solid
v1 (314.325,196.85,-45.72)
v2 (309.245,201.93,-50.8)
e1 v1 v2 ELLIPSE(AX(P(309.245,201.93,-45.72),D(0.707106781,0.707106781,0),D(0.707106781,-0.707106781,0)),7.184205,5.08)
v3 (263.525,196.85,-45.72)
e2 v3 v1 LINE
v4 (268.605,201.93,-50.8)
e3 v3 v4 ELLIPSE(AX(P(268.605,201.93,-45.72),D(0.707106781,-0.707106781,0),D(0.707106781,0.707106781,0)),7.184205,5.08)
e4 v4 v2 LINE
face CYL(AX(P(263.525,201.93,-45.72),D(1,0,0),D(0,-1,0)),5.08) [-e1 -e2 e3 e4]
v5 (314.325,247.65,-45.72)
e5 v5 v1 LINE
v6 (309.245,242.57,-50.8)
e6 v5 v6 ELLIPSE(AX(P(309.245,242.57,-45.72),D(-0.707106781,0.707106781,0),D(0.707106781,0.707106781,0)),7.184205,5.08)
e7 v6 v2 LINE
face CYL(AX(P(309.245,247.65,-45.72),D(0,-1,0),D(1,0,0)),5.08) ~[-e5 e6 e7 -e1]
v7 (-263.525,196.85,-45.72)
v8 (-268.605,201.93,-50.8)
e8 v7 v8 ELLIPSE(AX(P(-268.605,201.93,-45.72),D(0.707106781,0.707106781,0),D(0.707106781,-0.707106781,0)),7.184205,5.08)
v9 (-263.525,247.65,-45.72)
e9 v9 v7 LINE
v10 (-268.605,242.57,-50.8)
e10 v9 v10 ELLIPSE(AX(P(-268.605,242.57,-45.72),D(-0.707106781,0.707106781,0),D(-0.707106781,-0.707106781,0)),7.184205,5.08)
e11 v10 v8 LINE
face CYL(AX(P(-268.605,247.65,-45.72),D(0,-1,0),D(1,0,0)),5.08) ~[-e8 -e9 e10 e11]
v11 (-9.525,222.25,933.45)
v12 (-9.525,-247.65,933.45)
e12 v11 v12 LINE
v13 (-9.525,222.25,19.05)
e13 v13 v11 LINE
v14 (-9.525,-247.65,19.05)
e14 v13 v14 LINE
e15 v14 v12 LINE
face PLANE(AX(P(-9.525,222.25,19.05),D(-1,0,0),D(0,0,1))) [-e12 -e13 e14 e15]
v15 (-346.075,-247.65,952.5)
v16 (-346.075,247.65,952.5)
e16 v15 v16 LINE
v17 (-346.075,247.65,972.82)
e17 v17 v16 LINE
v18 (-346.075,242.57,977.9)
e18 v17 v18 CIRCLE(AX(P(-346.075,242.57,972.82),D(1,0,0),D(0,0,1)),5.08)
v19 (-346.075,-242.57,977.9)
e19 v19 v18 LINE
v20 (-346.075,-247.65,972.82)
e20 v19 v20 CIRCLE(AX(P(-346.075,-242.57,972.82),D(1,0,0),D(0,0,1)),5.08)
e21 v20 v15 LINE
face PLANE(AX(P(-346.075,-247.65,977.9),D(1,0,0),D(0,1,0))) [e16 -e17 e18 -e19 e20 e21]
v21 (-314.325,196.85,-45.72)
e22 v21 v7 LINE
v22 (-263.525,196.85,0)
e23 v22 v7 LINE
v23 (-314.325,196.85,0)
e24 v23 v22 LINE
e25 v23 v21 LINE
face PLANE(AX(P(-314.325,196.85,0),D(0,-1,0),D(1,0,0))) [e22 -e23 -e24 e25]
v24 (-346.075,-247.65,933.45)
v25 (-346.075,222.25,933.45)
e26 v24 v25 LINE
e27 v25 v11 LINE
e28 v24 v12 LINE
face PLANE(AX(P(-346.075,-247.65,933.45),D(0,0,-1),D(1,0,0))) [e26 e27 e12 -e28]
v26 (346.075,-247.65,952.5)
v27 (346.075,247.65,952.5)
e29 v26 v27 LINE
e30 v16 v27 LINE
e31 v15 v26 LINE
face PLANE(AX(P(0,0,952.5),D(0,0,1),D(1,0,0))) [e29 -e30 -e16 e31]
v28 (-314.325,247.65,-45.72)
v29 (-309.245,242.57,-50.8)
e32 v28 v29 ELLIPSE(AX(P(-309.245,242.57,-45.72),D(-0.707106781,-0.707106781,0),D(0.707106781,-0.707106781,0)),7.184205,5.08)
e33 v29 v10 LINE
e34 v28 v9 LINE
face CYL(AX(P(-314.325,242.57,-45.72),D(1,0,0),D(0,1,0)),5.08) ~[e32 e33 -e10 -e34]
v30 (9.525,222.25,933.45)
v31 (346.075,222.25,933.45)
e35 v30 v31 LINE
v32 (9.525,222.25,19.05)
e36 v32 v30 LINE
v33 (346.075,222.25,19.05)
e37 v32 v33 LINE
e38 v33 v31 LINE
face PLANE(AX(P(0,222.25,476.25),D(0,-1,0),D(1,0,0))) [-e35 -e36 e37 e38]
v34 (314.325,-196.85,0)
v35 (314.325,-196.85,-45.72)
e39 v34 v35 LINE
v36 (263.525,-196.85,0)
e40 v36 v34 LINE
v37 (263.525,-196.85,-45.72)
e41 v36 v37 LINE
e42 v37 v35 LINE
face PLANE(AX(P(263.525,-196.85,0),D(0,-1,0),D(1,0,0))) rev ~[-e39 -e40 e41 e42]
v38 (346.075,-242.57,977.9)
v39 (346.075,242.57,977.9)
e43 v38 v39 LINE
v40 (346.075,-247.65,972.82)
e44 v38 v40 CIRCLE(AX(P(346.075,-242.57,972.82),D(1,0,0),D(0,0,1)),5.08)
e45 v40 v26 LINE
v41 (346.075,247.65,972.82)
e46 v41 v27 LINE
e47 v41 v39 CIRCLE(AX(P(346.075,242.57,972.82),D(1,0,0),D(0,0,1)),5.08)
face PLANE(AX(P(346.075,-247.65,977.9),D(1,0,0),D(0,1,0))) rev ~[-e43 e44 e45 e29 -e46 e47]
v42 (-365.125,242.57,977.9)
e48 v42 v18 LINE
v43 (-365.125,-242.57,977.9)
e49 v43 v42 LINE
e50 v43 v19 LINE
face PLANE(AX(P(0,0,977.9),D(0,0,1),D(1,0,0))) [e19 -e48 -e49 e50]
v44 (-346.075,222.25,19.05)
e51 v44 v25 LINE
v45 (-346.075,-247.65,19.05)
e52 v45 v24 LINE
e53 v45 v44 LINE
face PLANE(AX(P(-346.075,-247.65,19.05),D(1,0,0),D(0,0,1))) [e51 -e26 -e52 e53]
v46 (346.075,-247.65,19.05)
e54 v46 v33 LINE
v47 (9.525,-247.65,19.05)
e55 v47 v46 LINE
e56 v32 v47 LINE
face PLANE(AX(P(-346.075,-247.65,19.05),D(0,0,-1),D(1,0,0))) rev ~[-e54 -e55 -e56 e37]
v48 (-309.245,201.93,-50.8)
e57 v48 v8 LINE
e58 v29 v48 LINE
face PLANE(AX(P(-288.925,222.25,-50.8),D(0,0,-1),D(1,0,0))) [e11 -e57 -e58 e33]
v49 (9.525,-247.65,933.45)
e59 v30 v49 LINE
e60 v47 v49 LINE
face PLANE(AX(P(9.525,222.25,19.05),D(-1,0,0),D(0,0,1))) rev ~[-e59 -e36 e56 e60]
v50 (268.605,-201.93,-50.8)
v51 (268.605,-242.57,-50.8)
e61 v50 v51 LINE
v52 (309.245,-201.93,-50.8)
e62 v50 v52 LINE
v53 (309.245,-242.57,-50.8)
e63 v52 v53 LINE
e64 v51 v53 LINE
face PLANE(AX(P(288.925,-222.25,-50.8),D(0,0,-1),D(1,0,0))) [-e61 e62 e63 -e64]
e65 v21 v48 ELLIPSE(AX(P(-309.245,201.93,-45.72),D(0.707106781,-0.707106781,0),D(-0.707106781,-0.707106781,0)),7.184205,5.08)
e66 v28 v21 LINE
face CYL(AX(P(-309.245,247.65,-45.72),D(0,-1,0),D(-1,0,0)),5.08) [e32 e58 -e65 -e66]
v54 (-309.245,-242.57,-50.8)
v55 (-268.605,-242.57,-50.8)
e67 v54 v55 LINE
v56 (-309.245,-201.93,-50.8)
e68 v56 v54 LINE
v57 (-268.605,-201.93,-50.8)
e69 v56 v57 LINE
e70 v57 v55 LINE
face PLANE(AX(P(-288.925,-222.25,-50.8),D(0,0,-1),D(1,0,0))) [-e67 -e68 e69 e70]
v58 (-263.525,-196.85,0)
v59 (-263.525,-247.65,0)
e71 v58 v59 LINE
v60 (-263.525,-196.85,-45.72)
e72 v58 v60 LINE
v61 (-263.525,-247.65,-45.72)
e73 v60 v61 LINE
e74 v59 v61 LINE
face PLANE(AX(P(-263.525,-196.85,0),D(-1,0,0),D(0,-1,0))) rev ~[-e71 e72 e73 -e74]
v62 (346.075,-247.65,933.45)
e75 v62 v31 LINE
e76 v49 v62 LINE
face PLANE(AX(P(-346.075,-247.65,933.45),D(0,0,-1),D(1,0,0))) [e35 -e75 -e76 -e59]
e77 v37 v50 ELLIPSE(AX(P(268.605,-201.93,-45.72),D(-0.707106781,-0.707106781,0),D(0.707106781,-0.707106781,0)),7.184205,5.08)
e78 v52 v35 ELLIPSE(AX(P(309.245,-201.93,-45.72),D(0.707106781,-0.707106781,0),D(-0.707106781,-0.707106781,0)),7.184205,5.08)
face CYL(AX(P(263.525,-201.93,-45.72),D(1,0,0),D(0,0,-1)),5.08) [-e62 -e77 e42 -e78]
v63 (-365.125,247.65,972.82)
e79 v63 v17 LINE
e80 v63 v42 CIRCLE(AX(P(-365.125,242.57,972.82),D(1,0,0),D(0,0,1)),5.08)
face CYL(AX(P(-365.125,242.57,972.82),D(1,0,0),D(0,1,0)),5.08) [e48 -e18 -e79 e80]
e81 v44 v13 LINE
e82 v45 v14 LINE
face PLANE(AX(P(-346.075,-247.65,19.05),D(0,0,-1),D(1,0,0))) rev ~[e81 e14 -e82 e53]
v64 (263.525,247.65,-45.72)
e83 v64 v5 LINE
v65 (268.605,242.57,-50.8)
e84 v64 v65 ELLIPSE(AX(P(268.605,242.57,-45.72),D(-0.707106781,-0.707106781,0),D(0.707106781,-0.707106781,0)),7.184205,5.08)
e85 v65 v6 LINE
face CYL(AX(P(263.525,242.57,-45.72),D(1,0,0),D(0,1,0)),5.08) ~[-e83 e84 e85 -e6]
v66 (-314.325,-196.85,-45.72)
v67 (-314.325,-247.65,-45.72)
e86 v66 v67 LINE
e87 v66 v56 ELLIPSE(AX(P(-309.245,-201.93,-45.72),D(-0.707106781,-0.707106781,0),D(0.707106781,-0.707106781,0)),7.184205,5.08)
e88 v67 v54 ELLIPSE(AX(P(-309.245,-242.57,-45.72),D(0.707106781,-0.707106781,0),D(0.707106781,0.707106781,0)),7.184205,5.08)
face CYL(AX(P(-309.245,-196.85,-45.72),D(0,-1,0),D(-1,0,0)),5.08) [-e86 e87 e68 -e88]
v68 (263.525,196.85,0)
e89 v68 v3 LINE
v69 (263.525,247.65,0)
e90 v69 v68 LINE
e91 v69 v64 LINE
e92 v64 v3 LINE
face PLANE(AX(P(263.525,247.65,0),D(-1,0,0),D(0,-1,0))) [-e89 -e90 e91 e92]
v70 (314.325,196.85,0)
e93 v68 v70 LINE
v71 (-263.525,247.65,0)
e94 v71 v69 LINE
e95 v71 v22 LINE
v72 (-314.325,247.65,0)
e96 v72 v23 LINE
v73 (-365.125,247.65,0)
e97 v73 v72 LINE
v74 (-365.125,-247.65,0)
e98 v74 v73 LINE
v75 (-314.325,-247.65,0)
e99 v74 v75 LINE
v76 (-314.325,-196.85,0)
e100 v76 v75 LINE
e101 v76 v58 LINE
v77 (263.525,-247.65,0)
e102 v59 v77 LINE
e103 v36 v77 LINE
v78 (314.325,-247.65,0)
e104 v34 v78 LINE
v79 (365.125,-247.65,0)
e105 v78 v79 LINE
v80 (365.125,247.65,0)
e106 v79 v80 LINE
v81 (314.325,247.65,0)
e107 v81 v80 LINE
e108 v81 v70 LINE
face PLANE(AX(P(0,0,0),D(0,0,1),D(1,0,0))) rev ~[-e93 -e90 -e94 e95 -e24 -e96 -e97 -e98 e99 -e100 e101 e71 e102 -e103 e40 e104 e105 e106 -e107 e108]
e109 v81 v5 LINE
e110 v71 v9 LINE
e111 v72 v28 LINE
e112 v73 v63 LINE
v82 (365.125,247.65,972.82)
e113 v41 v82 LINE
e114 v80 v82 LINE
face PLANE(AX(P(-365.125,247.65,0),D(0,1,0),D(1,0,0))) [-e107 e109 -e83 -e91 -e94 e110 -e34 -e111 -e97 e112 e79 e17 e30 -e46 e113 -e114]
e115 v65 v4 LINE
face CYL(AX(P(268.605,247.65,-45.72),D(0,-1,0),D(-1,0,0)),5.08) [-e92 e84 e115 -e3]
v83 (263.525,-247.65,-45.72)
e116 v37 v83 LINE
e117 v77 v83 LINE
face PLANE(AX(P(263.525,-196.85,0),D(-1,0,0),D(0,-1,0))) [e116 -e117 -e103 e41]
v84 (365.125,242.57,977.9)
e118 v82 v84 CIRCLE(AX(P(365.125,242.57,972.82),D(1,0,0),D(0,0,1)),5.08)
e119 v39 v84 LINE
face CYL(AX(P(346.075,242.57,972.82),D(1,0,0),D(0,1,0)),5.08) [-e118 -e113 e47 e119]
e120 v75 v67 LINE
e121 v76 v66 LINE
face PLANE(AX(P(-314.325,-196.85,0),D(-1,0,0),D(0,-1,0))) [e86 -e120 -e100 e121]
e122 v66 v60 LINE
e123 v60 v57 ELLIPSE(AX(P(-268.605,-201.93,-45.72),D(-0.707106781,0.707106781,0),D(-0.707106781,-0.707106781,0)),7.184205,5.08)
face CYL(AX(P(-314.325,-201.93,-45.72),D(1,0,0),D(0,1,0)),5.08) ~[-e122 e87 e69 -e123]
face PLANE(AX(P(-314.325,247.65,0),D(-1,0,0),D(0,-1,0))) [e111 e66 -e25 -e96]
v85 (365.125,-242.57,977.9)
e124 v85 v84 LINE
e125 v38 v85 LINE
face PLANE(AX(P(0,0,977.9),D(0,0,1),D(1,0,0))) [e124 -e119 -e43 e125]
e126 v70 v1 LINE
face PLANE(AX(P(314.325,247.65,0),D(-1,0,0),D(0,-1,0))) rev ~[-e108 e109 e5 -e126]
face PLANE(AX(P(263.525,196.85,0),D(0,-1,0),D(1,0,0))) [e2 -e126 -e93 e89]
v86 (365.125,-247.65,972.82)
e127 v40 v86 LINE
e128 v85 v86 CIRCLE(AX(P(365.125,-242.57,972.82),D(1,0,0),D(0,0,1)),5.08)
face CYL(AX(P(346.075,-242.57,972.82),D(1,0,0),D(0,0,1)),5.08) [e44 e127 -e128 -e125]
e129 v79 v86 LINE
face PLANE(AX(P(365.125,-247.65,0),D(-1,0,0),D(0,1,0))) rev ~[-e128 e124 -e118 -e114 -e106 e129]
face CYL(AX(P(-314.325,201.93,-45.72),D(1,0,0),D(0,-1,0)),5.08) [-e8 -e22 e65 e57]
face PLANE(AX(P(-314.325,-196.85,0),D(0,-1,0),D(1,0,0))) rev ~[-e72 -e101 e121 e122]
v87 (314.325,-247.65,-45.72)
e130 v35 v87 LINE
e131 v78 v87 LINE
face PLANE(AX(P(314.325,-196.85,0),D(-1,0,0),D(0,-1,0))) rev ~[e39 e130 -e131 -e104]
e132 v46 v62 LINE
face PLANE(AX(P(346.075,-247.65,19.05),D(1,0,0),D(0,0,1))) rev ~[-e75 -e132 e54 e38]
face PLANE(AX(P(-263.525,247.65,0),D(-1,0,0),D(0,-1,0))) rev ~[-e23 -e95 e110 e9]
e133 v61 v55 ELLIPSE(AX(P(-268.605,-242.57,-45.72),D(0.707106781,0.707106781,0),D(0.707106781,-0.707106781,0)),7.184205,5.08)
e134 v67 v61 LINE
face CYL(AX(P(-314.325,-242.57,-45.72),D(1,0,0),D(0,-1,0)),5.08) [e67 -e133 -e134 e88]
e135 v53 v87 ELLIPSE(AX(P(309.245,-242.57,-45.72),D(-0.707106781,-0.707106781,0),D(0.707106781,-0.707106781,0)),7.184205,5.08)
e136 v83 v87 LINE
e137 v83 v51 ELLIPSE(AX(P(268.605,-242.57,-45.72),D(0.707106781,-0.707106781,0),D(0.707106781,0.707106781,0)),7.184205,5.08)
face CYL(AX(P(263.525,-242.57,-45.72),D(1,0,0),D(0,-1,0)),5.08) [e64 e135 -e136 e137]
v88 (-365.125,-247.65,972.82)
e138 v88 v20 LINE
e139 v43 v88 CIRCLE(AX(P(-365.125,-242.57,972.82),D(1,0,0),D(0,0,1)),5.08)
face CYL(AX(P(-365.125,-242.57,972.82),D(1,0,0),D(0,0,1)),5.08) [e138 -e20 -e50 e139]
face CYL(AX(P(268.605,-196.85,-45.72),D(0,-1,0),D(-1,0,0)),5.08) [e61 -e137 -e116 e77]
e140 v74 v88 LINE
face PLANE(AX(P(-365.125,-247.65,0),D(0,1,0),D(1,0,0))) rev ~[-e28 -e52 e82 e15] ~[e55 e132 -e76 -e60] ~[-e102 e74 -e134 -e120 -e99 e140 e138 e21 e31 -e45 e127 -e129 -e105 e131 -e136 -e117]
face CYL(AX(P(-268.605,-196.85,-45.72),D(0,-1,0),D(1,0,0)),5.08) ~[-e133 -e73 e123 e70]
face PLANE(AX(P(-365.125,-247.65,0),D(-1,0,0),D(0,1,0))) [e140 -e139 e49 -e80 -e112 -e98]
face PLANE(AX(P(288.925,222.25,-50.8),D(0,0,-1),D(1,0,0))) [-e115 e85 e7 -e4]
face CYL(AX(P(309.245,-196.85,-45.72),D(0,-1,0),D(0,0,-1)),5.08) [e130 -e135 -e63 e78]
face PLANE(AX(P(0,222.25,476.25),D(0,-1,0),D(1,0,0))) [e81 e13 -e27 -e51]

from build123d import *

# Parameters (mm, degrees)
F0_W     = 730.25
F0_H     = 495.3
F1_DEPTH = 977.9
F2_W     = 692.15
F2_H     = 495.3
F3_DEPTH = 25.4
F4_W     = 692.15
F4_H     = 914.4
F5_DEPTH = 469.9
F6_W     = 19.05
F6_H     = 914.4
F7_DEPTH = 469.9
F8_W     = 50.8
F8_H     = 50.8
F9_DEPTH = 50.8
F10_R    = 5.08
F11_R    = 5.08
F12_R    = 5.08
F13_R    = 5.08


with BuildPart() as f1:
    # F0 (on Top) → F1 (new body)
    with BuildSketch(Plane.XY):
        Rectangle(F0_W, F0_H)
    extrude(amount=F1_DEPTH)

    # F2 (on face) → F3 (cut)
    with BuildSketch(Plane.XY.offset(977.9)):
        Rectangle(F2_W, F2_H)
    extrude(amount=-F3_DEPTH, mode=Mode.SUBTRACT)

    # F4 (on face) → F5 (cut)
    with BuildSketch(Plane.XZ.offset(247.65)):
        with Locations((0, 476.25)):
            Rectangle(F4_W, F4_H)
    extrude(amount=-F5_DEPTH, mode=Mode.SUBTRACT)

    # F6 (on face) → F7 (join)
    with BuildSketch(Plane.XZ.offset(-222.25)):
        with Locations((0, 476.25)):
            Rectangle(F6_W, F6_H)
    extrude(amount=F7_DEPTH)

    # F8 (on face) → F9 (join)
    with BuildSketch(Plane(origin=(0, 0, 0), x_dir=(1, 0, 0), z_dir=(0, 0, -1))):
        with Locations((288.925, 222.25)):
            Rectangle(F8_W, F8_H)
        with Locations((288.925, -222.25)):
            Rectangle(F8_W, F8_H)
        with Locations((-288.925, -222.25)):
            Rectangle(F8_W, F8_H)
        with Locations((-288.925, 222.25)):
            Rectangle(F8_W, F8_H)
    extrude(amount=F9_DEPTH)

    # F10
    f10_edges = [f1.edges().sort_by_distance(p)[0] for p in [
        (-263.525, -222.25, -50.8),
        (-288.925, -196.85, -50.8),
        (-288.925, -247.65, -50.8),
        (-314.325, -222.25, -50.8),
        (-314.325, 222.25, -50.8),
        (-288.925, 196.85, -50.8),
        (-263.525, 222.25, -50.8),
        (-288.925, 247.65, -50.8),
    ]]
    fillet(f10_edges, radius=F10_R)

    # F11
    f11_edges = [f1.edges().sort_by_distance(p)[0] for p in [
        (314.325, -222.25, -50.8),
        (288.925, -247.65, -50.8),
        (263.525, -222.25, -50.8),
        (288.925, -196.85, -50.8),
    ]]
    fillet(f11_edges, radius=F11_R)

    # F12
    f12_edges = [f1.edges().sort_by_distance(p)[0] for p in [
        (288.925, 247.65, -50.8),
        (314.325, 222.25, -50.8),
        (288.925, 196.85, -50.8),
        (263.525, 222.25, -50.8),
    ]]
    fillet(f12_edges, radius=F12_R)

    # F13
    f13_edges = [f1.edges().sort_by_distance(p)[0] for p in [
        (355.6, -247.65, 977.9),
        (-355.6, -247.65, 977.9),
        (355.6, 247.65, 977.9),
        (-355.6, 247.65, 977.9),
    ]]
    fillet(f13_edges, radius=F13_R)


solid = f1.part
